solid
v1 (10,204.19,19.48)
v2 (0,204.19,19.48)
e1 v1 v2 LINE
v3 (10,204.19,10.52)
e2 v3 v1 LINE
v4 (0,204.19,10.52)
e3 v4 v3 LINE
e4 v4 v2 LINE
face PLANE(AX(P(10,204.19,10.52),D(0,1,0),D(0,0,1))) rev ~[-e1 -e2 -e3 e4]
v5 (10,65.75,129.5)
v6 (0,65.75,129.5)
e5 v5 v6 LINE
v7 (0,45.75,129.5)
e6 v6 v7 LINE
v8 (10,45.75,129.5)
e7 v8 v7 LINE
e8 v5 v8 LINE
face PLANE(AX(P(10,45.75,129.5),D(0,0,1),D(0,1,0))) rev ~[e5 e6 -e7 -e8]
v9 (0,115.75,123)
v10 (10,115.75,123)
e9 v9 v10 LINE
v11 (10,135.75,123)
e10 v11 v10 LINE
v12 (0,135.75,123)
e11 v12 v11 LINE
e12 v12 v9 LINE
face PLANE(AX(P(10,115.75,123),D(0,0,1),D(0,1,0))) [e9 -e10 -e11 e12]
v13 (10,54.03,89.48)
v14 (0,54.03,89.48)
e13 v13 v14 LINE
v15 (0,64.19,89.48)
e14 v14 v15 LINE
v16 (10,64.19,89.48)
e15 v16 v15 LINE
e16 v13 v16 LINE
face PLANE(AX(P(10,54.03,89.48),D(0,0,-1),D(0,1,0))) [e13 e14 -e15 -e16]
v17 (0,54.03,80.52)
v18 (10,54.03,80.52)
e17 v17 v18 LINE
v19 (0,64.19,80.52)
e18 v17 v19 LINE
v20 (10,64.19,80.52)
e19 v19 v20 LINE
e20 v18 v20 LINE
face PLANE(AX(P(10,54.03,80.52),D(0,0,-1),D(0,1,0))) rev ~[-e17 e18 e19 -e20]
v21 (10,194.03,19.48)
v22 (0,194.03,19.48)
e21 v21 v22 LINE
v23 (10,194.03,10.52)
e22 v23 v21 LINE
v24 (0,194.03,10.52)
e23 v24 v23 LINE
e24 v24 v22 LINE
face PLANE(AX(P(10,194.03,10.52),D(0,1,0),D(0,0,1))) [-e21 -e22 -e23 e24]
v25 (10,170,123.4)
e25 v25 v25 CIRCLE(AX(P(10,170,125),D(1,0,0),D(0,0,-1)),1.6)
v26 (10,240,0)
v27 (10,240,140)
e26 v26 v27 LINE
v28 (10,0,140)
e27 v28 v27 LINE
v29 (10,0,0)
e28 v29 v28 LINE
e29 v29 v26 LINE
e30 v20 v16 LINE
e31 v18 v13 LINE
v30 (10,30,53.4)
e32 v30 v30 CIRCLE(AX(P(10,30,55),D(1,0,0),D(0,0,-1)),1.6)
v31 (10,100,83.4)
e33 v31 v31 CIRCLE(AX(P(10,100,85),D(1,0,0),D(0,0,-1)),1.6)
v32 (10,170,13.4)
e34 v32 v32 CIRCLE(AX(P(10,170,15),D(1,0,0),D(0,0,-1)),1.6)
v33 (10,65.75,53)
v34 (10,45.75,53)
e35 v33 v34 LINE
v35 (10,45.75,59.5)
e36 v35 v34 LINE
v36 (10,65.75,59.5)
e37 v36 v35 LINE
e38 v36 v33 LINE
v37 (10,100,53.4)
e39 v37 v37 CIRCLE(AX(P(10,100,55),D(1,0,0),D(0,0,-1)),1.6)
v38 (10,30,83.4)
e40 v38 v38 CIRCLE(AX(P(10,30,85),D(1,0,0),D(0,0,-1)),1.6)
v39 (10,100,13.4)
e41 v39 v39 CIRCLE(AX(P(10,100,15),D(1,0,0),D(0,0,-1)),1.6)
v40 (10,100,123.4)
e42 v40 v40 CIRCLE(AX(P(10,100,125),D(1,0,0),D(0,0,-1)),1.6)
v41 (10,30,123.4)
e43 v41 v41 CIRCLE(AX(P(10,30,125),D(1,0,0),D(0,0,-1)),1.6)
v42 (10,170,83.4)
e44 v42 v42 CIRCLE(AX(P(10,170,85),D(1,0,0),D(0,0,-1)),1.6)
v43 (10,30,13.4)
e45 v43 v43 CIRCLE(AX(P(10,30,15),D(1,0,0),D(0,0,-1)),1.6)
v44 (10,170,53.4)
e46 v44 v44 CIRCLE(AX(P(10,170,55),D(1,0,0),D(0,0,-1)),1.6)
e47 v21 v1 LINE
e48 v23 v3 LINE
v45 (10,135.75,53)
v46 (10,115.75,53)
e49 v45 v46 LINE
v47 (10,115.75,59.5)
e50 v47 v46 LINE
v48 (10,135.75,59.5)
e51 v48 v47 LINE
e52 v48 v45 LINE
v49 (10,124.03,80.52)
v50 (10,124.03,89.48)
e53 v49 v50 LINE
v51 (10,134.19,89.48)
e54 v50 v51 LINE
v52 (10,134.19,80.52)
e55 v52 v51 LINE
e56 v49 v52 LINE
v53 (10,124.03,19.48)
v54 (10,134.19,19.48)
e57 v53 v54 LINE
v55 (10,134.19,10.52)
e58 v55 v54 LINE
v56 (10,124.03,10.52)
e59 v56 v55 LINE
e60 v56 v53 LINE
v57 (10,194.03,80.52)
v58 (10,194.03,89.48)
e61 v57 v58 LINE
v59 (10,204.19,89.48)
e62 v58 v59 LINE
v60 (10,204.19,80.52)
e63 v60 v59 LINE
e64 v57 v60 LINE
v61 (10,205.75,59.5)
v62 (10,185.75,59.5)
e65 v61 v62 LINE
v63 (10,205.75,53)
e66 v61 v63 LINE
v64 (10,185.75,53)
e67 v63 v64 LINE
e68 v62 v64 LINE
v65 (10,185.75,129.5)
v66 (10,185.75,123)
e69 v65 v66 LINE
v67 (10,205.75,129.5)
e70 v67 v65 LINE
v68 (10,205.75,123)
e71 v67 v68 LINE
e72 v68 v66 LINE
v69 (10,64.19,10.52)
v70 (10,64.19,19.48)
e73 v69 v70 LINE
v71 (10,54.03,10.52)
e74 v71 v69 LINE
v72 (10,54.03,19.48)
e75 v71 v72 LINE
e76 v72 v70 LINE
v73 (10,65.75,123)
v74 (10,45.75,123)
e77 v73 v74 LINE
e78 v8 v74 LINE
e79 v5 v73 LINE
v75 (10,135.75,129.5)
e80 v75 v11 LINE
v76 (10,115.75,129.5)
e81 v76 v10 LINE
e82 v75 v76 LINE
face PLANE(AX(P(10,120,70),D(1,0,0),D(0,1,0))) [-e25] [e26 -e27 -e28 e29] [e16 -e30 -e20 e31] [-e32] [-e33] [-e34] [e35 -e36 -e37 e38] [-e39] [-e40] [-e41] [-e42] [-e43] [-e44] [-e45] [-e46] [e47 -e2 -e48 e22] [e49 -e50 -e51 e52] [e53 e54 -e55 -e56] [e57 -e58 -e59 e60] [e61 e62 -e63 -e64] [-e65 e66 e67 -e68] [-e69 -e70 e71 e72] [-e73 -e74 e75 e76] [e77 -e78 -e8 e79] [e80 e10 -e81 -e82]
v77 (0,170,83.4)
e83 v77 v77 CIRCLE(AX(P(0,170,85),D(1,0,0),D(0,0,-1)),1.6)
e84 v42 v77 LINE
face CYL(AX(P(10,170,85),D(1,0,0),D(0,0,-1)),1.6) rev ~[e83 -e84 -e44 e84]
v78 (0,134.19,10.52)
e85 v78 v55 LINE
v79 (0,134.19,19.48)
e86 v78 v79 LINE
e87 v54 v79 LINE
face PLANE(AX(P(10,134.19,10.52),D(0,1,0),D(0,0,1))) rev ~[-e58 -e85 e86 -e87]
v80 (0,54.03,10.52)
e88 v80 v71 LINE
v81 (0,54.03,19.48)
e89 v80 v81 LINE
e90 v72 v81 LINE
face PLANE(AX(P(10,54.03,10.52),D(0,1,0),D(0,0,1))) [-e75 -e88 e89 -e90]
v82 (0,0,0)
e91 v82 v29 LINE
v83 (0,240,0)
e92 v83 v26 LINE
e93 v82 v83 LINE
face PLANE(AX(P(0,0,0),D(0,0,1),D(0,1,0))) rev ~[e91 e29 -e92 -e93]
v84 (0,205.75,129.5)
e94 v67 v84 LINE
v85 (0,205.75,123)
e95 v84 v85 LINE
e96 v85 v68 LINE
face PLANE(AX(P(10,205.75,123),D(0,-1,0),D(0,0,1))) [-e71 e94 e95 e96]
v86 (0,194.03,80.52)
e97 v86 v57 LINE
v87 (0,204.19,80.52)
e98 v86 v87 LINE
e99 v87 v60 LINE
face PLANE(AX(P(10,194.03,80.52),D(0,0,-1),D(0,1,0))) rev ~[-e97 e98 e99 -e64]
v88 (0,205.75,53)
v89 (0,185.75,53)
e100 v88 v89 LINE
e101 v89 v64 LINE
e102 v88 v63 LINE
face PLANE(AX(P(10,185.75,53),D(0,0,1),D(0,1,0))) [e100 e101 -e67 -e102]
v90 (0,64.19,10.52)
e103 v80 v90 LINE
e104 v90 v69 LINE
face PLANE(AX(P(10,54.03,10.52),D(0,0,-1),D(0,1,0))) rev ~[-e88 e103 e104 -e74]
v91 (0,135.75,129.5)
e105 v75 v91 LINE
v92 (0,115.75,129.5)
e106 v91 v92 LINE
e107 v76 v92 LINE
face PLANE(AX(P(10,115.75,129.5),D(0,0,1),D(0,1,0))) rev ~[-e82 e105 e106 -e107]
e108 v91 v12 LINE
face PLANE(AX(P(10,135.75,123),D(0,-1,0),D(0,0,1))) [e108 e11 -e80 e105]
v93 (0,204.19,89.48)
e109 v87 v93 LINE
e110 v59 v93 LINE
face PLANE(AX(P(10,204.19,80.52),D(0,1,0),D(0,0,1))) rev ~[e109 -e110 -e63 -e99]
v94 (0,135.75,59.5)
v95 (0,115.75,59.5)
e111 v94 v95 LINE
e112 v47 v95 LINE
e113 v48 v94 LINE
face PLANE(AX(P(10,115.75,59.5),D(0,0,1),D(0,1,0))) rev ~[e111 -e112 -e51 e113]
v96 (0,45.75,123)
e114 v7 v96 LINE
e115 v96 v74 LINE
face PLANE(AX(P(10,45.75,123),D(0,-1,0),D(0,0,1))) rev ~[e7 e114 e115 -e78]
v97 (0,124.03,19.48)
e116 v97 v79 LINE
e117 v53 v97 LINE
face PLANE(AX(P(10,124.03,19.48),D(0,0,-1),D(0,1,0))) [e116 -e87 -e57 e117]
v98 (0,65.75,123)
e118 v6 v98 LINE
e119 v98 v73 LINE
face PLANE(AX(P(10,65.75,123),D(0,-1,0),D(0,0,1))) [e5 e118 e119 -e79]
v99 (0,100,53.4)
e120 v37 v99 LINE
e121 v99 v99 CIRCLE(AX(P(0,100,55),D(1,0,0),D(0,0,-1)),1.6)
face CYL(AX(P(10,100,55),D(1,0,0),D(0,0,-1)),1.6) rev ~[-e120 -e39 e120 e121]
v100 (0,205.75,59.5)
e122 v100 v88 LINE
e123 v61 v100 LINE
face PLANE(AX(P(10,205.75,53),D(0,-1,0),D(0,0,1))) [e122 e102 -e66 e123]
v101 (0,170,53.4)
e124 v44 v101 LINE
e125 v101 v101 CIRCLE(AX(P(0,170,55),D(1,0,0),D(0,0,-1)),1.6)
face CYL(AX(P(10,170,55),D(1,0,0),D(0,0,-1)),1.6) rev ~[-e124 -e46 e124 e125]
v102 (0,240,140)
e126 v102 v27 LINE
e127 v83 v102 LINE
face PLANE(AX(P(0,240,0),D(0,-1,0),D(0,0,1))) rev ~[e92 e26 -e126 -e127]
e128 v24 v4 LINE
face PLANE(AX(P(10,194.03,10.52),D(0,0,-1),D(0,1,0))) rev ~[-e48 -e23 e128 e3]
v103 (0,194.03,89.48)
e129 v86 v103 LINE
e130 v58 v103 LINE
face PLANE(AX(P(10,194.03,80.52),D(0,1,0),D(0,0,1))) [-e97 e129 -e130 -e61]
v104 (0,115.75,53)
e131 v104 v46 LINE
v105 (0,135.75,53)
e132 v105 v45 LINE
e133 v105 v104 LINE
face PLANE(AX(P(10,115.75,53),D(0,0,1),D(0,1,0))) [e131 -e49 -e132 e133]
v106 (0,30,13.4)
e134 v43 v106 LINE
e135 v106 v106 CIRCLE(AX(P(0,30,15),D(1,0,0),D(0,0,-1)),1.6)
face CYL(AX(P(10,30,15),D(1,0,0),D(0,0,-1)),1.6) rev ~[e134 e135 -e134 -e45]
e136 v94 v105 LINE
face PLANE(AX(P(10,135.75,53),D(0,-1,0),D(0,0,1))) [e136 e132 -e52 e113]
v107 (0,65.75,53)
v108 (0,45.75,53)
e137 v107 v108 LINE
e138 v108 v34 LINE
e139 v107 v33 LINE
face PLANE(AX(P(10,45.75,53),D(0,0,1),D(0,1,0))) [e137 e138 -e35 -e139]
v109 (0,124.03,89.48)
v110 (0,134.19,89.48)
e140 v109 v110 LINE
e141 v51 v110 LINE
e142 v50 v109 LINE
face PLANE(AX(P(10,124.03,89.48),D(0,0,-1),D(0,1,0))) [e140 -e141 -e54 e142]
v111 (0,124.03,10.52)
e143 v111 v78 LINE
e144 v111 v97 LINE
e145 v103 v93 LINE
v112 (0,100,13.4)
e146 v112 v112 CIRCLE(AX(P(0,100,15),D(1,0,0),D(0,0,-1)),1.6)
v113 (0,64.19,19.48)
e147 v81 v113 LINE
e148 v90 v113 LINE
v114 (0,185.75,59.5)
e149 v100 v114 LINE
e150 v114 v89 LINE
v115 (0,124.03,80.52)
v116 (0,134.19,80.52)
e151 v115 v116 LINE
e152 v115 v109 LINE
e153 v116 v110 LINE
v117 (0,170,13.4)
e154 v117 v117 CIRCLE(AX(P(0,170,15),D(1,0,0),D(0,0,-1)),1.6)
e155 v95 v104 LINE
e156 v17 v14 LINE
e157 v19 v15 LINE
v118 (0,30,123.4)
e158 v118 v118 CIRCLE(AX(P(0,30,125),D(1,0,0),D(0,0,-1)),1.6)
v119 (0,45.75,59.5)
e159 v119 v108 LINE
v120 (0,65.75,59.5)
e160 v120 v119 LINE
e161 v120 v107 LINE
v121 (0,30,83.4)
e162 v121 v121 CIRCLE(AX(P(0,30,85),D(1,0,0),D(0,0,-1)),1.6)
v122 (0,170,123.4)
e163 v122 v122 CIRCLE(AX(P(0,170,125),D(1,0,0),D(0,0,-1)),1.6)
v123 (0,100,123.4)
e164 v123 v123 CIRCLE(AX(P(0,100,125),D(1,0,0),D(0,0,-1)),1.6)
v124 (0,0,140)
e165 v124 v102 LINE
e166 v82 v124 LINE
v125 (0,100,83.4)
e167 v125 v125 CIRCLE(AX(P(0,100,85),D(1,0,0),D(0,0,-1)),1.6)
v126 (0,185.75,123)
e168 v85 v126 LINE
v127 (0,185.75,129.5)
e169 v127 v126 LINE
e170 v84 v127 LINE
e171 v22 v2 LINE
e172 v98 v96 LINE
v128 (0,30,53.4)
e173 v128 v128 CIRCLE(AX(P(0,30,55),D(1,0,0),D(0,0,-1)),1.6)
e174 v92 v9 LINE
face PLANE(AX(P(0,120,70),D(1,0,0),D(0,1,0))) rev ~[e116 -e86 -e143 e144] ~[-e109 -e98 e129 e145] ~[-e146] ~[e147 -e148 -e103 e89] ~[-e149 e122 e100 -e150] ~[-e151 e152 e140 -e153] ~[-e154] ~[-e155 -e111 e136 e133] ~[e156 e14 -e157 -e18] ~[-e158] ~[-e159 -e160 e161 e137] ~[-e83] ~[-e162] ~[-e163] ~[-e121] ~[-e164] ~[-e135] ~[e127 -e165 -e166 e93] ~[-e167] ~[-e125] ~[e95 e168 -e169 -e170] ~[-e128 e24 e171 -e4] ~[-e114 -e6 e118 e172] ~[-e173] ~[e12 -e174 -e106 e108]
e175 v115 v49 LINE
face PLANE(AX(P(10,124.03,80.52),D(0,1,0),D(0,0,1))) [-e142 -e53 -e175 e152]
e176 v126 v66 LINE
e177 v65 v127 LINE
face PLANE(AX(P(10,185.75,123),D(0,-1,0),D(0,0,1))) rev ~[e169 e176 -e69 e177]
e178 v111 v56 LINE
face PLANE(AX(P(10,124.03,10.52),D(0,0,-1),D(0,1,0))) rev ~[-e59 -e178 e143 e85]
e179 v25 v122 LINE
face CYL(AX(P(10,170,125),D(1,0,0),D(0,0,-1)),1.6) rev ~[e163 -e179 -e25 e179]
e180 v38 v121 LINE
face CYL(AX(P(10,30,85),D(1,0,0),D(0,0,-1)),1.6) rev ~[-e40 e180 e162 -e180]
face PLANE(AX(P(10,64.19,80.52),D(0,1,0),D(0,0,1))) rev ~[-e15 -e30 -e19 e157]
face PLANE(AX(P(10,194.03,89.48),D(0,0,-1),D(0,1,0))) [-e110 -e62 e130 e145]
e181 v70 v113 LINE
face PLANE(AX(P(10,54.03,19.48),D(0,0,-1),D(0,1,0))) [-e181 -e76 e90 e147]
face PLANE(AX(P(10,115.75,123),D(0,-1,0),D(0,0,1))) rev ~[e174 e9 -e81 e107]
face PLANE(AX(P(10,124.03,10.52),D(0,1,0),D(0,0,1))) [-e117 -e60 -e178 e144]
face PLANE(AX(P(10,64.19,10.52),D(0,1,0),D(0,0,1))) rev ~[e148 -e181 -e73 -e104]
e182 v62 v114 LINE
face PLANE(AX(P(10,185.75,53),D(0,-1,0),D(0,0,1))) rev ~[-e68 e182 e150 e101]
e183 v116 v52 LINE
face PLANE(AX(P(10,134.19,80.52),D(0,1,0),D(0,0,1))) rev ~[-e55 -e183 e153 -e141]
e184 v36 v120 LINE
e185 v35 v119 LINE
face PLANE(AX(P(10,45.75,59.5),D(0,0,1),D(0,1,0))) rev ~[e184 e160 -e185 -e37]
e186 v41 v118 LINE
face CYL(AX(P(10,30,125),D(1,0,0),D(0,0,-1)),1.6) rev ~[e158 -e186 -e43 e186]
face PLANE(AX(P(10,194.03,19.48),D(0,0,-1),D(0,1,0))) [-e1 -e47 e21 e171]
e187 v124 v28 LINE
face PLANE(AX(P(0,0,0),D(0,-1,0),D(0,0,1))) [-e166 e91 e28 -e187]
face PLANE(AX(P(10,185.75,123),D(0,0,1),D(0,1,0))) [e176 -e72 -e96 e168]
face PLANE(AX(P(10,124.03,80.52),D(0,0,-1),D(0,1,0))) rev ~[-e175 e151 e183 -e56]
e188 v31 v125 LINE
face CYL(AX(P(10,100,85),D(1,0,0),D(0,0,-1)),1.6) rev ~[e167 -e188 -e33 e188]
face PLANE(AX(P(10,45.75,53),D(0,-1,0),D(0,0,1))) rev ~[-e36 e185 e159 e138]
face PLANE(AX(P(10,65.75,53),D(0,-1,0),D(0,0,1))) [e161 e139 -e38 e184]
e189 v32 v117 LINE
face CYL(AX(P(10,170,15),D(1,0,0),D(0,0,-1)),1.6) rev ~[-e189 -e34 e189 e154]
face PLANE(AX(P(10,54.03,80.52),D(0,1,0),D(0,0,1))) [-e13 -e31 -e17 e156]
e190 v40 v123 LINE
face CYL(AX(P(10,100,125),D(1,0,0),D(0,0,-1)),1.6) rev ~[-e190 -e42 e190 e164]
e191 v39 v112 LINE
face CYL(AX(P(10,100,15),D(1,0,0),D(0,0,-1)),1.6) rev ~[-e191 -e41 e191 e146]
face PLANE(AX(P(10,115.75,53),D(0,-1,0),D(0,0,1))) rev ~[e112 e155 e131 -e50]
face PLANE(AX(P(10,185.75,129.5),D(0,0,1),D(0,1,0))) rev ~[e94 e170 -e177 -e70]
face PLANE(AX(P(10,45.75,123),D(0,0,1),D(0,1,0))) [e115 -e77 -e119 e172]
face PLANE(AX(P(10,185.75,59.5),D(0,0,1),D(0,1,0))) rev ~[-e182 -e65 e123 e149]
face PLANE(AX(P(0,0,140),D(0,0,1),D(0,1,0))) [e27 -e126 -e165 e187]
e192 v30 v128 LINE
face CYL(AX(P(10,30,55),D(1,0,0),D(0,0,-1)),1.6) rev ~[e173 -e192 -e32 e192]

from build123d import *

# Parameters (mm, degrees)
CROQUIS2_W              = 240
CROQUIS2_H              = 140
SALIENTE_EXTRUIR1_DEPTH = 10
CROQUIS3_W              = 20
CROQUIS3_H              = 6.5
CROQUIS3_W_2            = 10.16
CROQUIS3_H_2            = 8.96
CROQUIS3_R              = 1.6
CORTAR_EXTRUIR1_DEPTH   = 279.028775489
MATRIZL1_COUNT          = 3
MATRIZL1_PITCH          = 70
MATRIZL1_COUNT_DIR2     = 2
MATRIZL1_PITCH_DIR2     = 70


with BuildPart() as part:
    # Croquis2 → Saliente-Extruir1 (new body)
    with BuildSketch(Plane.YZ):
        with Locations((120, 70)):
            Rectangle(CROQUIS2_W, CROQUIS2_H)
    extrude(amount=SALIENTE_EXTRUIR1_DEPTH)

    # Croquis3 → Cortar-Extruir1 (cut, symmetric)
    with BuildSketch(Plane.YZ.offset(10)):
        with Locations((55.75, 126.25)):
            Rectangle(CROQUIS3_W, CROQUIS3_H)
        with Locations((59.11, 85)):
            Rectangle(CROQUIS3_W_2, CROQUIS3_H_2)
        with Locations((30, 125)):
            Circle(CROQUIS3_R)
        with Locations((30, 85)):
            Circle(CROQUIS3_R)
    cortar_extruir1 = extrude(amount=CORTAR_EXTRUIR1_DEPTH, both=True, mode=Mode.SUBTRACT)

    # MatrizL1: Cortar-Extruir1 3 × 2
    with Locations(*[(0, i * MATRIZL1_PITCH, -j * MATRIZL1_PITCH_DIR2) for i in range(MATRIZL1_COUNT) for j in range(MATRIZL1_COUNT_DIR2) if (i, j) != (0, 0)]):
        add(cortar_extruir1, mode=Mode.SUBTRACT)


solid = part.part
